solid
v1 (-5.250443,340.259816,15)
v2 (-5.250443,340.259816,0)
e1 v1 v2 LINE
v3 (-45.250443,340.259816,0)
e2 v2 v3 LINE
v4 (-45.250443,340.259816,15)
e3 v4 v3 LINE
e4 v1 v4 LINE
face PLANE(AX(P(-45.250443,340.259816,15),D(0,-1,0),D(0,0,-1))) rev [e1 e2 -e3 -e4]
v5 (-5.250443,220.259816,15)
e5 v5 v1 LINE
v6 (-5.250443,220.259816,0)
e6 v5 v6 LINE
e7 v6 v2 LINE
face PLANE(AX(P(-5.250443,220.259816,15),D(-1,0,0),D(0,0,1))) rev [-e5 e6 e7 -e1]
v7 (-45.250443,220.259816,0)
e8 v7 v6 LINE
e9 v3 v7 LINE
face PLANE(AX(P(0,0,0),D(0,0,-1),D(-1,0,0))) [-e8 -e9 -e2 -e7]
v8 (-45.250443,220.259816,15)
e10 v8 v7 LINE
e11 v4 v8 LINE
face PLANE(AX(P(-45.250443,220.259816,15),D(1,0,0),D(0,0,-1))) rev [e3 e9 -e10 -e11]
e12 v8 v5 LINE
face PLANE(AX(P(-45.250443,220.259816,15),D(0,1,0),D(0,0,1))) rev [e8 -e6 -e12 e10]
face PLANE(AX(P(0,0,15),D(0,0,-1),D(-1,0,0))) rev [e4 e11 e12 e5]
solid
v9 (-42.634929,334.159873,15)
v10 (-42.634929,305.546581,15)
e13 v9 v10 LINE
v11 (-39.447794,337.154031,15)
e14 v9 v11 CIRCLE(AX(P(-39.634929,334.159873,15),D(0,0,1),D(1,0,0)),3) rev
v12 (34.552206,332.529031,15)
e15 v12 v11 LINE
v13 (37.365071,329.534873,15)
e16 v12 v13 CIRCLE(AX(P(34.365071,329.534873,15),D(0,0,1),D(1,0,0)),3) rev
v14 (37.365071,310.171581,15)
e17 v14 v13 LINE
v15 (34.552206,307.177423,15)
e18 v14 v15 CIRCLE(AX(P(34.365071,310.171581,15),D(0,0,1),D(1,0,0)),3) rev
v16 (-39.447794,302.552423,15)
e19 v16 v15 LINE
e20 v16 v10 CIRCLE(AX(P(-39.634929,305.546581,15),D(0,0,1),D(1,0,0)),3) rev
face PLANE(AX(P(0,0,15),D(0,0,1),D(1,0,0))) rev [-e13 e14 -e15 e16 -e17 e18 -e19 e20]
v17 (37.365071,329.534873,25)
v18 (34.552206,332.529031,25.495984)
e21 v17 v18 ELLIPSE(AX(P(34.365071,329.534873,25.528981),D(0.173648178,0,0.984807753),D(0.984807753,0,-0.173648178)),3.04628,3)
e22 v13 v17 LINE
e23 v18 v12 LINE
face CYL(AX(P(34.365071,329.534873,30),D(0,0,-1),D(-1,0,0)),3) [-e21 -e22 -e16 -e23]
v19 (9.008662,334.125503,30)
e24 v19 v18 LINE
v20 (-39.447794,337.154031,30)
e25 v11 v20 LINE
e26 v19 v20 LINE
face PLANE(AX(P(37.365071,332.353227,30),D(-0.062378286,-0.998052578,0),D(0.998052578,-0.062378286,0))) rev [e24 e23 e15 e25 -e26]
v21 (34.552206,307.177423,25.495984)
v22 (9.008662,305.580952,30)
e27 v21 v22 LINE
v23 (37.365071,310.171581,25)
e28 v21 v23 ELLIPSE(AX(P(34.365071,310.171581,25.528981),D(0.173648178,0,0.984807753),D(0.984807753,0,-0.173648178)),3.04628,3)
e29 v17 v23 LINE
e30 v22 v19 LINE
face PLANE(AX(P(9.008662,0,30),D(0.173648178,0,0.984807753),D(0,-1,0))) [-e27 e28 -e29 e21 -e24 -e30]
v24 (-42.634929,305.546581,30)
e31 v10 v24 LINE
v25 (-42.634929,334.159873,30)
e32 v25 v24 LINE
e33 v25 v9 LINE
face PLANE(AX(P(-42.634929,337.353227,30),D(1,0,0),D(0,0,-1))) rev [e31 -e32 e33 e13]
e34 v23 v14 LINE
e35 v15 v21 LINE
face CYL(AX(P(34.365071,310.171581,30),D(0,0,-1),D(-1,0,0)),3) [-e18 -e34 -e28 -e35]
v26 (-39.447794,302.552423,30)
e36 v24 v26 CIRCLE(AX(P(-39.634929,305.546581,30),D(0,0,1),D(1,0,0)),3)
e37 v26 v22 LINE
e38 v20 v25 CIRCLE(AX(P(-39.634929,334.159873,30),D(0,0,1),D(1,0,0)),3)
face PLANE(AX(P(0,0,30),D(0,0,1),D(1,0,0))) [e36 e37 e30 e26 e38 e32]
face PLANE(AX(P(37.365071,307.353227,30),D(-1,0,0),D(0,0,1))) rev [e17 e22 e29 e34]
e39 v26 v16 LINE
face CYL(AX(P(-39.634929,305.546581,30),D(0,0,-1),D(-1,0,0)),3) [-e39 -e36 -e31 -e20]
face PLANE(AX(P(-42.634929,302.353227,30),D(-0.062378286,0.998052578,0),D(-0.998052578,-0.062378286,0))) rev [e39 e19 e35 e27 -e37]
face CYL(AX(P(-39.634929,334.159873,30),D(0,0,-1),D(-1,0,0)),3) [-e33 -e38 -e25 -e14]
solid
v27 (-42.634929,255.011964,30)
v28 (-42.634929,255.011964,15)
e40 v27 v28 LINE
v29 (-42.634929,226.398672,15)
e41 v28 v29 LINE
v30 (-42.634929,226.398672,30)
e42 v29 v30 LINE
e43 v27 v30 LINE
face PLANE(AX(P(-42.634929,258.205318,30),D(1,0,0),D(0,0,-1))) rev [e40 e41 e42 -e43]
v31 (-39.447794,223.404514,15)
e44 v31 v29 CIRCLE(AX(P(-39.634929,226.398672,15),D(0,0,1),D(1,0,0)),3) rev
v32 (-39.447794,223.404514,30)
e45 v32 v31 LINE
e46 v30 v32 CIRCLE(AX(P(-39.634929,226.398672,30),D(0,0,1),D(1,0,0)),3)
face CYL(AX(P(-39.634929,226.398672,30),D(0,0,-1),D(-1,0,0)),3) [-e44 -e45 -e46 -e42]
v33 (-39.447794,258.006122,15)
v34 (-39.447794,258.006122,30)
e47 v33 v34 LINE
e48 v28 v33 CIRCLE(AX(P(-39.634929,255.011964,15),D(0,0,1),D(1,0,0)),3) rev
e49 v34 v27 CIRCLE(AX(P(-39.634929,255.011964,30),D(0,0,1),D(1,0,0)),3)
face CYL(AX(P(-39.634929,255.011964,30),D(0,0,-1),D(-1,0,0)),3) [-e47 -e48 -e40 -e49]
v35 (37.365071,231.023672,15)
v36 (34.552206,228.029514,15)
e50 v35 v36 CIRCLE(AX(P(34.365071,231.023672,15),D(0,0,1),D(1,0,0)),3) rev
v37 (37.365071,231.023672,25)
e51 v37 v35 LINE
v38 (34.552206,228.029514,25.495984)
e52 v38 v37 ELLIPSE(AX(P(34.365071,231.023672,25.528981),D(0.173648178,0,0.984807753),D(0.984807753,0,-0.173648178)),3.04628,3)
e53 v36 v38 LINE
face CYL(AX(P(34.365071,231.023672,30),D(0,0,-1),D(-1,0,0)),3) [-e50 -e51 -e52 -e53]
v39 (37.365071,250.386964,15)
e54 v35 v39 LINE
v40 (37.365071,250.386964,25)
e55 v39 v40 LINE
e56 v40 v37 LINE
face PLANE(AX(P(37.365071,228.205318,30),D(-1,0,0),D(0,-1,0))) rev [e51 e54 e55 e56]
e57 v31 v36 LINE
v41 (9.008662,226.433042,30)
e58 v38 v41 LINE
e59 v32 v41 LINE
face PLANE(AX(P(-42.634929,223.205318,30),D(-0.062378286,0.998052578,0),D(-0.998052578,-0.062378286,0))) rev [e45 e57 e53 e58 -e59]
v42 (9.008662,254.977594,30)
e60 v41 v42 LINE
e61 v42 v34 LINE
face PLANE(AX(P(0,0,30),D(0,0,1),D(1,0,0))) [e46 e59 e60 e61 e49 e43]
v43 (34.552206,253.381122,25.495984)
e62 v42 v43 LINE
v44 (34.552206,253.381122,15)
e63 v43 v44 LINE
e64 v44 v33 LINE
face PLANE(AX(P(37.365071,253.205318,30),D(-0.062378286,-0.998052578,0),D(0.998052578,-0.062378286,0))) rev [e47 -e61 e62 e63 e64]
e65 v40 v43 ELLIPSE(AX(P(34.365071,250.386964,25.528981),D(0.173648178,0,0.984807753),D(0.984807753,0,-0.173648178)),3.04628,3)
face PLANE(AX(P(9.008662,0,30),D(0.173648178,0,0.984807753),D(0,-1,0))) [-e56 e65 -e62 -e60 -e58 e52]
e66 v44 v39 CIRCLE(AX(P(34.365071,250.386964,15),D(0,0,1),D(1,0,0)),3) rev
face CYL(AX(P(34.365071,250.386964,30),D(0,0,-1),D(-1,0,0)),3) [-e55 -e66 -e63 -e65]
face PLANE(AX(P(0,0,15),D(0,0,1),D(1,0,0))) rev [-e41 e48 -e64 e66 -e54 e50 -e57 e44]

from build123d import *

# Parameters (mm, degrees)
SKETCH1_W             = 40
SKETCH1_H             = 120
BOSS_EXTRUDE1_DEPTH   = 15
BOSS_EXTRUDE2_DEPTH   = 15
BOSS_EXTRUDE2_2_DEPTH = 15
CHAMFER1_SIZE         = 5
CHAMFER1_SIZE2        = 28.356409098
CHAMFER2_SIZE         = 5
CHAMFER2_SIZE2        = 28.356409098
FILLET1_R             = 3
FILLET2_R             = 3


with BuildPart() as part:
    # Sketch1 → Boss-Extrude1 (new body)
    with BuildSketch(Plane.XY):
        with Locations((-25.25044303, 280.25981555)):
            Rectangle(SKETCH1_W, SKETCH1_H)
    extrude(amount=BOSS_EXTRUDE1_DEPTH)


with BuildPart() as body_2:
    # Sketch2 → Boss-Extrude2 (new body)
    with BuildSketch(Plane.XY.offset(15)):
        Polygon((-42.634929193, 258.205318026), (-42.634929193, 223.205318026), (37.365070807, 228.205318026), (37.365070807, 253.205318026), align=None)
    extrude(amount=BOSS_EXTRUDE2_DEPTH)

    # Chamfer2
    chamfer2_edges = [body_2.edges().sort_by_distance(p)[0] for p in [
        (37.365070807, 240.705318026, 30),
    ]]
    chamfer2_side = [body_2.faces().sort_by_distance(p)[0] for p in [
        (37.365070807, 240.705318026, 22.5),
    ]]
    chamfer(chamfer2_edges, length=CHAMFER2_SIZE, length2=CHAMFER2_SIZE2, reference=chamfer2_side[0])

    # Fillet1
    fillet1_edges = [body_2.edges().sort_by_distance(p)[0] for p in [
        (37.365070807, 253.205318026, 20),
        (37.365070807, 228.205318026, 20),
        (-42.634929193, 223.205318026, 22.5),
        (-42.634929193, 258.205318026, 22.5),
    ]]
    fillet(fillet1_edges, radius=FILLET1_R)


with BuildPart() as body_3:
    # Sketch2 → Boss-Extrude2 2 (new body)
    with BuildSketch(Plane.XY.offset(15)):
        Polygon((-42.634929193, 337.353227074), (-42.634929193, 302.353227074), (37.365070807, 307.353227074), (37.365070807, 332.353227074), align=None)
    extrude(amount=BOSS_EXTRUDE2_2_DEPTH)

    # Chamfer1
    chamfer1_edges = [body_3.edges().sort_by_distance(p)[0] for p in [
        (37.365070807, 319.853227074, 30),
    ]]
    chamfer1_side = [body_3.faces().sort_by_distance(p)[0] for p in [
        (37.365070807, 319.853227074, 22.5),
    ]]
    chamfer(chamfer1_edges, length=CHAMFER1_SIZE, length2=CHAMFER1_SIZE2, reference=chamfer1_side[0])

    # Fillet2
    fillet2_edges = [body_3.edges().sort_by_distance(p)[0] for p in [
        (37.365070807, 332.353227074, 20),
        (37.365070807, 307.353227074, 20),
        (-42.634929193, 302.353227074, 22.5),
        (-42.634929193, 337.353227074, 22.5),
    ]]
    fillet(fillet2_edges, radius=FILLET2_R)


solid = Compound([part.part, body_2.part, body_3.part])
